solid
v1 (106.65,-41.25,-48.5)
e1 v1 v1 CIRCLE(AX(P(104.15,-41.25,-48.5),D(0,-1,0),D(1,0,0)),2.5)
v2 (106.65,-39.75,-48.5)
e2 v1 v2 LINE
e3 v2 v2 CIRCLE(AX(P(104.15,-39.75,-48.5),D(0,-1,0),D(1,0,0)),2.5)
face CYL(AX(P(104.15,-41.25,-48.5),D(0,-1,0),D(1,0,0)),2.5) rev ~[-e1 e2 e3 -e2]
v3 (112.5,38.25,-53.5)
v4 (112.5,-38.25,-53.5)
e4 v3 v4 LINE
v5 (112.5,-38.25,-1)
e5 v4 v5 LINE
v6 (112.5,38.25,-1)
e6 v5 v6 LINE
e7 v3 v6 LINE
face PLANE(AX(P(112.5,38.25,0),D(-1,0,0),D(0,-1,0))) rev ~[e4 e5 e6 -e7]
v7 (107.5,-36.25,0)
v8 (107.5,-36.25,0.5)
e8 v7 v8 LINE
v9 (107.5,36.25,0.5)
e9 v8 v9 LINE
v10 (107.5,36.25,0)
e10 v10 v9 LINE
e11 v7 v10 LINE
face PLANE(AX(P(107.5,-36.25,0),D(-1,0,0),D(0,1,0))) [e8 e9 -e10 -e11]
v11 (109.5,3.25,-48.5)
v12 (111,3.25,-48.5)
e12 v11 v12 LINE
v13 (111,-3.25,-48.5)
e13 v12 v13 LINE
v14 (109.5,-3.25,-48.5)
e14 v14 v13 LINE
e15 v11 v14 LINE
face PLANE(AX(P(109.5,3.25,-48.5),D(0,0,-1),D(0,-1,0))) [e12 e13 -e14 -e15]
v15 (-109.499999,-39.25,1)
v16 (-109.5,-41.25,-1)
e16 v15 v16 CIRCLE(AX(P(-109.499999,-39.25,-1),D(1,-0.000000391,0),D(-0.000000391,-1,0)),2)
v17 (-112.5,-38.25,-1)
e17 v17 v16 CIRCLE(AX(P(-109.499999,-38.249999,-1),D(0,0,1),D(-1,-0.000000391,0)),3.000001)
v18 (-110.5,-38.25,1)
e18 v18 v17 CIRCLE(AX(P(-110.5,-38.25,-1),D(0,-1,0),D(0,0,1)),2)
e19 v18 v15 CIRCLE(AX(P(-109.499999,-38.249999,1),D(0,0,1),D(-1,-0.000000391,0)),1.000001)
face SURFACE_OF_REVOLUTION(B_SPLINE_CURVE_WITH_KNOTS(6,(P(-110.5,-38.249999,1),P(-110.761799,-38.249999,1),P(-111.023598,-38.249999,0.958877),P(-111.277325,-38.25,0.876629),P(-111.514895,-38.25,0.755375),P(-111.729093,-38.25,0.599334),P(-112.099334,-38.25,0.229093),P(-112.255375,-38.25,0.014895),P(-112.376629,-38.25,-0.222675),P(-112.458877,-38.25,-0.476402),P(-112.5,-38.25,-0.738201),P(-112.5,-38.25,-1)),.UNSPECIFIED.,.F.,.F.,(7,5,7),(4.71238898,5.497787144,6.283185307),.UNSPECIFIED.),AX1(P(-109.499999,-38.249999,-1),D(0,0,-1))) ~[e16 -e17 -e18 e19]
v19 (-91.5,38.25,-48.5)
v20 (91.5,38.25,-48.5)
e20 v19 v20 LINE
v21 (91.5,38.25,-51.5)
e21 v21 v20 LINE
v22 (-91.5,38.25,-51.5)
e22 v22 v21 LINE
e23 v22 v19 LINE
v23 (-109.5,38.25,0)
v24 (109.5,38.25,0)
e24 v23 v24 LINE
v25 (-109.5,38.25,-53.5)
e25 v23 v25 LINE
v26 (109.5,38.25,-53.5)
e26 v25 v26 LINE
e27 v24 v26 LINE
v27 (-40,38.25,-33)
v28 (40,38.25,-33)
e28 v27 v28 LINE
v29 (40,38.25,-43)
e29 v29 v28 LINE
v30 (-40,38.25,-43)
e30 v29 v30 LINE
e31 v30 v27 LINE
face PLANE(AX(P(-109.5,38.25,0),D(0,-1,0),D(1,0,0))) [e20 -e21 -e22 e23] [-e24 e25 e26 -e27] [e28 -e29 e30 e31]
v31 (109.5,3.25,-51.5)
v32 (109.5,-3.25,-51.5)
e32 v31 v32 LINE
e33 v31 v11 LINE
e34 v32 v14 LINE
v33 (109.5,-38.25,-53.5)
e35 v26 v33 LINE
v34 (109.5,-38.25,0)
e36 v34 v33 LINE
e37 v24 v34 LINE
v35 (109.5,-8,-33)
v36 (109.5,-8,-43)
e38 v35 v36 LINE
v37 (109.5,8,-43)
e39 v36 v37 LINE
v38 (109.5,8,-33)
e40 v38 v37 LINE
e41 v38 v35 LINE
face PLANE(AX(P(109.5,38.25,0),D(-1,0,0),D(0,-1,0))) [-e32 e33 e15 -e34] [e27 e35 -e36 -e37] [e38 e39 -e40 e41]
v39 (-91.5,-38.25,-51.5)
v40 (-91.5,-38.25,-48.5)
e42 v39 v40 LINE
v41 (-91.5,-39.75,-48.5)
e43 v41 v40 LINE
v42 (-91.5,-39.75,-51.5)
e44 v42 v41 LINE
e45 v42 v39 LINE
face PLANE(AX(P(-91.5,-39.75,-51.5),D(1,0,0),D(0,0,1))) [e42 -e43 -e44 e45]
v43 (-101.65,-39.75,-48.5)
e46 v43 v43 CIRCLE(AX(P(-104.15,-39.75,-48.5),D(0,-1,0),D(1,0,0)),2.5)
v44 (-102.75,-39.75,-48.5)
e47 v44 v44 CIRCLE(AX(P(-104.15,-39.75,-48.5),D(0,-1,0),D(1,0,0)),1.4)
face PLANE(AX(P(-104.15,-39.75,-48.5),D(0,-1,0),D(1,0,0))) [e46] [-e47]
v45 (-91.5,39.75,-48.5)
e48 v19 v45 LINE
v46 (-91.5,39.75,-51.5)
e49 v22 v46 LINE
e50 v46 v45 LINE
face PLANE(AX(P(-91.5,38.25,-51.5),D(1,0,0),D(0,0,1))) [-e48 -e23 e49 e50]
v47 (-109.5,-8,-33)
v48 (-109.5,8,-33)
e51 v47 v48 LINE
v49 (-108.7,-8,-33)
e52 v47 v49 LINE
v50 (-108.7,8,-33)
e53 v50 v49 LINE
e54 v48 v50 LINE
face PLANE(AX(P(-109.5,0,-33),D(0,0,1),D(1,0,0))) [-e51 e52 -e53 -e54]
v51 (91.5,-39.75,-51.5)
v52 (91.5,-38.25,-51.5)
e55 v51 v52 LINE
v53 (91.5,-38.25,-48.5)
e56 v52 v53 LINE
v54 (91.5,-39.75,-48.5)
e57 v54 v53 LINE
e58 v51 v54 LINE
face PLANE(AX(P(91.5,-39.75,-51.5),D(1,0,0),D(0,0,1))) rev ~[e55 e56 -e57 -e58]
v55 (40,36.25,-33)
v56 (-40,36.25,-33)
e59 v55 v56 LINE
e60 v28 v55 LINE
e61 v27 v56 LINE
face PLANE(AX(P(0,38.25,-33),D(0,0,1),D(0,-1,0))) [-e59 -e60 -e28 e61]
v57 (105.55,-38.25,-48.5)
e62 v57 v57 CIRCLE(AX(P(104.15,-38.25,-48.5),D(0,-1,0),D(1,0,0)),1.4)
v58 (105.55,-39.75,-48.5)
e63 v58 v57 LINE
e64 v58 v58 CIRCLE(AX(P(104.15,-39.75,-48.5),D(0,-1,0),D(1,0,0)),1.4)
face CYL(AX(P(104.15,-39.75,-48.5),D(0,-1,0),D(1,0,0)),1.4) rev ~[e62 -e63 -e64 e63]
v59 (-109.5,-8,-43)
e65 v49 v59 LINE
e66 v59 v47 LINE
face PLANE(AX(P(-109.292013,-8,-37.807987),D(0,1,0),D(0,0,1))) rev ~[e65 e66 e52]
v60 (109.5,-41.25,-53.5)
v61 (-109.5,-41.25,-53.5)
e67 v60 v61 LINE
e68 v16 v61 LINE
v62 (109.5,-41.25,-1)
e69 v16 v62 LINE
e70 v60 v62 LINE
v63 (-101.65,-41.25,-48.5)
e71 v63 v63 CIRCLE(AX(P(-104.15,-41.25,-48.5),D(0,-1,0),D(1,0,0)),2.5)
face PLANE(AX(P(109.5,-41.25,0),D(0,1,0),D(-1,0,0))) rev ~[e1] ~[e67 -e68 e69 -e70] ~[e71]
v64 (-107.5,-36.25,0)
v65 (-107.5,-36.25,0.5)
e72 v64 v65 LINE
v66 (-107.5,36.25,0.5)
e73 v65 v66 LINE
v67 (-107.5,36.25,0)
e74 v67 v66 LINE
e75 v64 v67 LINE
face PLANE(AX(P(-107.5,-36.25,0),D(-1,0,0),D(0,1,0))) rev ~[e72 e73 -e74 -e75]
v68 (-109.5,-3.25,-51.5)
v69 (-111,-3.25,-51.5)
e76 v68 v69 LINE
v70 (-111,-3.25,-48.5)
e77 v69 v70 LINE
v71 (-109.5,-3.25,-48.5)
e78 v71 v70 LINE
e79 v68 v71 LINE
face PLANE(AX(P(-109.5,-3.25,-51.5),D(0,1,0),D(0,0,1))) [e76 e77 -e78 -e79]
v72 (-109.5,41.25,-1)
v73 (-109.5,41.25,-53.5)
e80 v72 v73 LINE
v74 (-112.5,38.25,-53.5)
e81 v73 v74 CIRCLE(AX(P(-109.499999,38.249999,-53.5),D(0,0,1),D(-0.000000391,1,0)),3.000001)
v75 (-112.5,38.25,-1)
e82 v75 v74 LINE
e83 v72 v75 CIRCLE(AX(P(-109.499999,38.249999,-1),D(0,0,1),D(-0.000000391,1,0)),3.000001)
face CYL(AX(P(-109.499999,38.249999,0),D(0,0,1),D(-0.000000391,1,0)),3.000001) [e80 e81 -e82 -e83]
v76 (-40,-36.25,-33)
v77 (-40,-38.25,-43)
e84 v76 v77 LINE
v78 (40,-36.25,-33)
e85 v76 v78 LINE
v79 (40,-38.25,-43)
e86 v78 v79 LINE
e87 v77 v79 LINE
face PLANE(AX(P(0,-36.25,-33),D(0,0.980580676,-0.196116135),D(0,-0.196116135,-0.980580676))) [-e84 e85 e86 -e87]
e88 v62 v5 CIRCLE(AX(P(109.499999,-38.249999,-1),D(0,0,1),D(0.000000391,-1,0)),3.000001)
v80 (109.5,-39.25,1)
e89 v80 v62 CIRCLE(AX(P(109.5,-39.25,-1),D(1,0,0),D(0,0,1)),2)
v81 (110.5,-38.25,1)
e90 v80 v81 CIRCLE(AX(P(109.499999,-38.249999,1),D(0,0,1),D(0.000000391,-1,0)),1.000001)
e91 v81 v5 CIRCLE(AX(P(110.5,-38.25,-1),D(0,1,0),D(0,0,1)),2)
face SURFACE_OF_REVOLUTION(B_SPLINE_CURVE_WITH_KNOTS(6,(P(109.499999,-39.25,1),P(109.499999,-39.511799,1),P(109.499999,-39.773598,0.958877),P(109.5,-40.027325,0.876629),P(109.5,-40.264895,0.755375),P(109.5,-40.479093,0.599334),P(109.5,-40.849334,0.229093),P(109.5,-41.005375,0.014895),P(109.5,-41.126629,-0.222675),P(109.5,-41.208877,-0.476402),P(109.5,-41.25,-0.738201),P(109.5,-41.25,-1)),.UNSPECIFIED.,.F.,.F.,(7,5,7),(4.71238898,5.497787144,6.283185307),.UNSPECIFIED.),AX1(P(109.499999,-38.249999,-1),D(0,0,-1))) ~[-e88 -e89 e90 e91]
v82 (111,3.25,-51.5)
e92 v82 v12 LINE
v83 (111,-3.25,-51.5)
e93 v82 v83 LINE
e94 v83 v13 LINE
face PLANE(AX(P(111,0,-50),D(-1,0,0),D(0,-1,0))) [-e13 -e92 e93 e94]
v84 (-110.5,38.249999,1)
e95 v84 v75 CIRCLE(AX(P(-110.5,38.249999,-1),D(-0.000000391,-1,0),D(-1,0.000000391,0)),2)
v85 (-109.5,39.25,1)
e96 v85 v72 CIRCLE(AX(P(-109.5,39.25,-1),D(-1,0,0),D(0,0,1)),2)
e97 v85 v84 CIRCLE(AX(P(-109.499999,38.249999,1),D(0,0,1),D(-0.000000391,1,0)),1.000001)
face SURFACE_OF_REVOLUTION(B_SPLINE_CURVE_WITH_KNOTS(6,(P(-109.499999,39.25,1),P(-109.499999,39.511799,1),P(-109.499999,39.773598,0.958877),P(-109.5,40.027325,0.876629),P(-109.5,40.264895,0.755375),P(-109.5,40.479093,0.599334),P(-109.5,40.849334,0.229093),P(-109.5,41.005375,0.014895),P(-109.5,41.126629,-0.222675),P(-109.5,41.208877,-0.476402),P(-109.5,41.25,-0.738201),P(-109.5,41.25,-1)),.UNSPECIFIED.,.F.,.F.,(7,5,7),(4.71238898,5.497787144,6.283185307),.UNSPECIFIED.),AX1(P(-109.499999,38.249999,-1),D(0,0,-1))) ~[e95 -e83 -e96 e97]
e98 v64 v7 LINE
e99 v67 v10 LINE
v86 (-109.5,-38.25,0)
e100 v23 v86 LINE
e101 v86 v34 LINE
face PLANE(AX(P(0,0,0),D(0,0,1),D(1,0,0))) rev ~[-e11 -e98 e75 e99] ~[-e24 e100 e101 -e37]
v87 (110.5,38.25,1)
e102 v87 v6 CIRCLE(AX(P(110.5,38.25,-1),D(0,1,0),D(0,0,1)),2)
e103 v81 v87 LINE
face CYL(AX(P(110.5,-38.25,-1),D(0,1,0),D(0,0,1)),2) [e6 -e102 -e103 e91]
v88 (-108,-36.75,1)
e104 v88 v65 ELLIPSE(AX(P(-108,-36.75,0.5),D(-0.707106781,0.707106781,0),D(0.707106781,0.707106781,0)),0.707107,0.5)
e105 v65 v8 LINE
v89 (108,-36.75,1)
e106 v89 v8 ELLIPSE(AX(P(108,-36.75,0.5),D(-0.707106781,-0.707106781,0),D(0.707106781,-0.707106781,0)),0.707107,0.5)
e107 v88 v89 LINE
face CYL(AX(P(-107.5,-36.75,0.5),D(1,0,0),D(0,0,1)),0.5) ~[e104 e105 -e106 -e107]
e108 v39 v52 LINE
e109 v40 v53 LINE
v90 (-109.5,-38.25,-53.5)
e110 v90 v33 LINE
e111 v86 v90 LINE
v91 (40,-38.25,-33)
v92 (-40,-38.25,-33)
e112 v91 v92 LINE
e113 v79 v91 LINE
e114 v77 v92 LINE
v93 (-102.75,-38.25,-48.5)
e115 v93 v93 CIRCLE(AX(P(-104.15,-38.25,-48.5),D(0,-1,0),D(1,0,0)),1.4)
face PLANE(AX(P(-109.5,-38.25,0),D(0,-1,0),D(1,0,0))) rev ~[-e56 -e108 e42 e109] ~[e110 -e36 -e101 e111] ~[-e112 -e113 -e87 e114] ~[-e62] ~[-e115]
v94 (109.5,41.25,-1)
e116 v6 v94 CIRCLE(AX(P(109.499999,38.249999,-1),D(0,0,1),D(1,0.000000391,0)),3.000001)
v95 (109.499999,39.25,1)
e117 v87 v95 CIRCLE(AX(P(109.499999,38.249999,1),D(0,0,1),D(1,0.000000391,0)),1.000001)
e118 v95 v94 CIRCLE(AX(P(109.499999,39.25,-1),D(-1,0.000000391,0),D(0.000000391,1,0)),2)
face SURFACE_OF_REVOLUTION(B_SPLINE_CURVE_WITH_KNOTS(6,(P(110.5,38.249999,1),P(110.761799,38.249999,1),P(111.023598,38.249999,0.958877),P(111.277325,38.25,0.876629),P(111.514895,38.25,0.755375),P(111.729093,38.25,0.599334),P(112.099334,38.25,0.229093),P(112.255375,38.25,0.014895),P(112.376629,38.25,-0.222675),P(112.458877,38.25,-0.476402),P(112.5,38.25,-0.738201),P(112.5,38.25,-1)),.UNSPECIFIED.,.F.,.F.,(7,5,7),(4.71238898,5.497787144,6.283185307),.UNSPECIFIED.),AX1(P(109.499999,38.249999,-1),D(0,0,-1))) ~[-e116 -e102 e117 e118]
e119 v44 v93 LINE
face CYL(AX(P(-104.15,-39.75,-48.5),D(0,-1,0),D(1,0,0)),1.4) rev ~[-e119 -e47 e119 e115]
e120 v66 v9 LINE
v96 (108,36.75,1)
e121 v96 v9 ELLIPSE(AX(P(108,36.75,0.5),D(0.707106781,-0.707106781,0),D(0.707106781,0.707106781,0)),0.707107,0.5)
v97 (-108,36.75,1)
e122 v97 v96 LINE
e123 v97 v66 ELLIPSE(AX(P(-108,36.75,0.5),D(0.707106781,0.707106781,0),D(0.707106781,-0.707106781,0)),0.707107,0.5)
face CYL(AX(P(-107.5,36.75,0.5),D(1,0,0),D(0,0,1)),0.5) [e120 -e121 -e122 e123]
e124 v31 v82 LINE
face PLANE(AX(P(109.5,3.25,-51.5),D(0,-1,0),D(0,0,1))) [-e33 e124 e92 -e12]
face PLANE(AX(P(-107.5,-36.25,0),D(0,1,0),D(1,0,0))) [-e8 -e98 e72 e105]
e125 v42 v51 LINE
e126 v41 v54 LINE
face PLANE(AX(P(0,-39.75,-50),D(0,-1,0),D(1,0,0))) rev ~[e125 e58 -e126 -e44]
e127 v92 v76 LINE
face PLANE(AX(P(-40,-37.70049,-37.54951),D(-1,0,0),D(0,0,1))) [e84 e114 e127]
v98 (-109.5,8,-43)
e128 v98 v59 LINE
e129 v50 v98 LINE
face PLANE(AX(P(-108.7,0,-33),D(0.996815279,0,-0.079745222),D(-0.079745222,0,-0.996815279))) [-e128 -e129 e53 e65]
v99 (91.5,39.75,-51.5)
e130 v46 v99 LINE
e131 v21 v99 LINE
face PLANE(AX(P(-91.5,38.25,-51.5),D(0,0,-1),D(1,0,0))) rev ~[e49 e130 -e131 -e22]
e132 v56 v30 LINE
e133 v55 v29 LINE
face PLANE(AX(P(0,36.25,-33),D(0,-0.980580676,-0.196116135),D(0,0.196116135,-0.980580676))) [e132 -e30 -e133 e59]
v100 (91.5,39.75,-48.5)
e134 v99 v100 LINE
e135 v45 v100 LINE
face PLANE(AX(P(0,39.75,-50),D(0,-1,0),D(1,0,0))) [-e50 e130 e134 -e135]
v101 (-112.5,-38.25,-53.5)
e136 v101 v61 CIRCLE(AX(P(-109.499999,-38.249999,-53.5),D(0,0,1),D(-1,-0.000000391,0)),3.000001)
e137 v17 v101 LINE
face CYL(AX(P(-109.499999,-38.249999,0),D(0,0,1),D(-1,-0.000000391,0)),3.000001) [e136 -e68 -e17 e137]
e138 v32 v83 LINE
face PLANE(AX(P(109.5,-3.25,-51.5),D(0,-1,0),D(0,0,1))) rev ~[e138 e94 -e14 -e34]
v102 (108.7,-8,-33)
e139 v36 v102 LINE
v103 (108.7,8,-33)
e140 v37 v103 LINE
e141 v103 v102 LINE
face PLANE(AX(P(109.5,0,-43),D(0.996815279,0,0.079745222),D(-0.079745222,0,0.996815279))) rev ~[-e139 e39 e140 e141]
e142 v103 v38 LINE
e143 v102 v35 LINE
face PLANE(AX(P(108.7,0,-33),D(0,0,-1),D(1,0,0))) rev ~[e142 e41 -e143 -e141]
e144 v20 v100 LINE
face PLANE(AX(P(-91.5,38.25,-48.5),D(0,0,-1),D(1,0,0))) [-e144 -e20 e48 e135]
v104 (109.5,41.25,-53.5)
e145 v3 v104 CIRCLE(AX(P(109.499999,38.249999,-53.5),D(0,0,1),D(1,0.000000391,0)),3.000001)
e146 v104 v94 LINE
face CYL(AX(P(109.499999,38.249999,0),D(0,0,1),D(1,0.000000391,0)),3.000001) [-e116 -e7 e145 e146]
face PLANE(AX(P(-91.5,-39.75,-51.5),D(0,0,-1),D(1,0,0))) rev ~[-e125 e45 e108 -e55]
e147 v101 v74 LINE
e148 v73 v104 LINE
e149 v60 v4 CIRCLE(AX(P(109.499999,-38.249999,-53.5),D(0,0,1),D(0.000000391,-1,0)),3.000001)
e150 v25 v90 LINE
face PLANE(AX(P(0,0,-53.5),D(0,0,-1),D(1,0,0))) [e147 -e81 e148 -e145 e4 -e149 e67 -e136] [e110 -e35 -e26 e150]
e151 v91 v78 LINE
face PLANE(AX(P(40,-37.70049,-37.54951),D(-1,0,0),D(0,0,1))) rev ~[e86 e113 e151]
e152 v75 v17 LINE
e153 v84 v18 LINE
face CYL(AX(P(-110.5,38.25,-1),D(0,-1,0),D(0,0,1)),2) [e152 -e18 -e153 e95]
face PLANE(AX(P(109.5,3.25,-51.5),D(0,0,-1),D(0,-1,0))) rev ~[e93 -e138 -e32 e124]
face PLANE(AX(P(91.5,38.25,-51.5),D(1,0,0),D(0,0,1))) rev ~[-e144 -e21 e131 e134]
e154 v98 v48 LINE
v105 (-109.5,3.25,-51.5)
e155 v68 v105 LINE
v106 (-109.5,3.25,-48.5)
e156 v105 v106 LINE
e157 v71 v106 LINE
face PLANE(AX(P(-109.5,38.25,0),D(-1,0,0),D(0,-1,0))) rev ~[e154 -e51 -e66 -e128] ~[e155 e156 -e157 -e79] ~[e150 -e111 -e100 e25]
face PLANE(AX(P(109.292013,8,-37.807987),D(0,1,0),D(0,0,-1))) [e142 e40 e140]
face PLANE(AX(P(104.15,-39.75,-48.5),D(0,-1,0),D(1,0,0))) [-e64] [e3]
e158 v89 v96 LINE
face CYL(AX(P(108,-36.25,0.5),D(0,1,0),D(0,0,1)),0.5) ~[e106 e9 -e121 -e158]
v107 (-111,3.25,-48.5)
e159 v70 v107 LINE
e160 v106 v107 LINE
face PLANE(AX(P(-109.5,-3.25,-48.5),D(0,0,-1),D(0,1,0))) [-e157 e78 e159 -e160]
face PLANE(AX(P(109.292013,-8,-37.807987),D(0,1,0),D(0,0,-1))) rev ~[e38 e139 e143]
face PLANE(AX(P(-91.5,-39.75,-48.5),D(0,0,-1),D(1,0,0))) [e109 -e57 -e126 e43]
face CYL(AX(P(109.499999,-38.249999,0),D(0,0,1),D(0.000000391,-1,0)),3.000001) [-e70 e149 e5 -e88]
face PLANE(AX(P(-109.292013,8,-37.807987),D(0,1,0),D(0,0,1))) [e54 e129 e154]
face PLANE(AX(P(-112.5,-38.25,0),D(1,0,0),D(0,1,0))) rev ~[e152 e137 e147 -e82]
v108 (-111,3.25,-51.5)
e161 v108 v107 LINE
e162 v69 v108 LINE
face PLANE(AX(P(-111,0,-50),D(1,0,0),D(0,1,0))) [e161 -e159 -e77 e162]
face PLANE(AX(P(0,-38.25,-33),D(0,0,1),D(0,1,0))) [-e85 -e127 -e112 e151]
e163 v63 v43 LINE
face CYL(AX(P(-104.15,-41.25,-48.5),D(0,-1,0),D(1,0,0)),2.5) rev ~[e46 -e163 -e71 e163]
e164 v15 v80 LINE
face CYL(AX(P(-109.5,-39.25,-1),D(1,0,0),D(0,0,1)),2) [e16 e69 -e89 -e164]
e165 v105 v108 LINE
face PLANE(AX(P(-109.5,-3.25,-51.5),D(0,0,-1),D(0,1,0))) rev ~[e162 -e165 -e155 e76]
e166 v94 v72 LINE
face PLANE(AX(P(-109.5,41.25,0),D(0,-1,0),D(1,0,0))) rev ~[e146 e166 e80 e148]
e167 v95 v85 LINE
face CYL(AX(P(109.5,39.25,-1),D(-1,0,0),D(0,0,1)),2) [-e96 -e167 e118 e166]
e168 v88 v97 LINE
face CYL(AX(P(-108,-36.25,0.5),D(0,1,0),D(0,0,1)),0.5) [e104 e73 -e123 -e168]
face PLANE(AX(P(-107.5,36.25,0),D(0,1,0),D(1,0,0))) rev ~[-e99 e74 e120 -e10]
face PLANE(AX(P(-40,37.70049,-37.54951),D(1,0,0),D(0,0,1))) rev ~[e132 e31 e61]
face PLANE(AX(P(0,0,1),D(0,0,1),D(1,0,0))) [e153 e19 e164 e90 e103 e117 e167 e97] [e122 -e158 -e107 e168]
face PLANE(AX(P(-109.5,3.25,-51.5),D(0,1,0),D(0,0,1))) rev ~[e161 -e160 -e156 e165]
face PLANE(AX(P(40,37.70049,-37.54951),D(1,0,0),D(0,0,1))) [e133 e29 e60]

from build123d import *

# Parameters (mm, degrees)
SKETCH_W        = 215
SKETCH_H        = 72.5
PAD_DEPTH       = 1
SKETCH001_W     = 219
SKETCH001_H     = 76.5
PAD001_DEPTH    = 53.5
FILLET_R        = 2
FILLET001_R     = 0.5
PAD007_DEPTH    = 40
PAD008_DEPTH    = 40
PAD009_DEPTH    = 8
PAD010_DEPTH    = 8
SKETCH034_W     = 183
SKETCH034_H     = 3
POCKET011_DEPTH = 1.5
SKETCH035_R     = 2.5
POCKET012_DEPTH = 1.5
SKETCH036_R     = 1.4
SKETCH036_W     = 183
SKETCH036_H     = 3
POCKET013_DEPTH = 5
SKETCH043_W     = 6.5
SKETCH043_H     = 3
POCKET016_DEPTH = 1.5
SKETCH044_W     = 6.5
SKETCH044_H     = 3
POCKET017_DEPTH = 1.5


with BuildPart() as part:
    # Sketch → Pad (new body)
    with BuildSketch(Plane.XY):
        with BuildLine():
            Line((-112.5, 38.25), (-112.5, -38.25))
            ThreePointArc((-109.5, -41.25), (-111.62132, -40.37132), (-112.5, -38.25))
            Line((-109.5, -41.25), (109.5, -41.25))
            ThreePointArc((112.5, -38.25), (111.62132, -40.37132), (109.5, -41.25))
            Line((112.5, -38.25), (112.5, 38.25))
            ThreePointArc((109.5, 41.25), (111.62132, 40.37132), (112.5, 38.25))
            Line((109.5, 41.25), (-109.5, 41.25))
            ThreePointArc((-112.5, 38.25), (-111.62132, 40.37132), (-109.5, 41.25))
        make_face()
        Rectangle(SKETCH_W, SKETCH_H, mode=Mode.SUBTRACT)
    extrude(amount=PAD_DEPTH)

    # Sketch001 (on Face13 of Pad) → Pad001 (join)
    with BuildSketch(Plane(origin=(0, 0, 0), x_dir=(1, 0, 0), z_dir=(0, 0, -1))):
        with BuildLine():
            Line((109.5, 41.25), (-109.5, 41.25))
            ThreePointArc((-112.5, 38.25), (-111.62132, 40.37132), (-109.5, 41.25))
            Line((-112.5, 38.25), (-112.5, -38.25))
            ThreePointArc((-109.5, -41.25), (-111.62132, -40.37132), (-112.5, -38.25))
            Line((-109.5, -41.25), (109.5, -41.25))
            ThreePointArc((112.5, -38.25), (111.62132, -40.37132), (109.5, -41.25))
            Line((112.5, -38.25), (112.5, 38.25))
            ThreePointArc((109.5, 41.25), (111.62132, 40.37132), (112.5, 38.25))
        make_face()
        Rectangle(SKETCH001_W, SKETCH001_H, mode=Mode.SUBTRACT)
    extrude(amount=PAD001_DEPTH)

    # Fillet
    fillet_edges = [part.edges().sort_by_distance(p)[0] for p in [
        (112.5, 0, 1),
        (111.62132, -40.37132, 1),
        (0, -41.25, 1),
        (111.62132, 40.37132, 1),
        (0, 41.25, 1),
        (-111.62132, 40.37132, 1),
        (-112.5, 0, 1),
        (-111.62132, -40.37132, 1),
    ]]
    fillet(fillet_edges, radius=FILLET_R)

    # Fillet001
    fillet001_edges = [part.edges().sort_by_distance(p)[0] for p in [
        (0, -36.25, 1),
        (107.5, 0, 1),
        (0, 36.25, 1),
        (-107.5, 0, 1),
    ]]
    fillet(fillet001_edges, radius=FILLET001_R)

    # Sketch008 (on DatumPlane) → Pad007 (join, symmetric)
    with BuildSketch(Plane(origin=(0, 38.25, 0), x_dir=(0, 0, 1), z_dir=(1, 0, 0))):
        Polygon((-43, 0), (-33, 0), (-33, 2), align=None)
    extrude(amount=PAD007_DEPTH, both=True)

    # Sketch010 (on DatumPlane) → Pad008 (join, symmetric)
    with BuildSketch(Plane(origin=(0, -38.25, 0), x_dir=(0, 0, 1), z_dir=(-1, 0, 0))):
        Polygon((-43, 0), (-33, 0), (-33, 2), align=None)
    extrude(amount=PAD008_DEPTH, both=True)

    # Sketch012 (on DatumPlane) → Pad009 (join, symmetric)
    with BuildSketch(Plane(origin=(-109.5, 0, 0), x_dir=(0, 0, 1), z_dir=(0, 1, 0))):
        Polygon((-43, 0), (-33, 0), (-33, 0.8), align=None)
    extrude(amount=PAD009_DEPTH, both=True)

    # Sketch014 (on DatumPlane) → Pad010 (join, symmetric)
    with BuildSketch(Plane(origin=(109.5, 0, 0), x_dir=(0, 0, 1), z_dir=(0, -1, 0))):
        Polygon((-33, 0), (-43, 0), (-33, 0.8), align=None)
    extrude(amount=PAD010_DEPTH, both=True)

    # Sketch034 (on Face29 of Pad010) → Pocket011 (cut)
    with BuildSketch(Plane.XZ.offset(-38.25)):
        with Locations((0, -50)):
            Rectangle(SKETCH034_W, SKETCH034_H)
    extrude(amount=-POCKET011_DEPTH, mode=Mode.SUBTRACT)

    # Sketch035 (on Face21 of Pocket011) → Pocket012 (cut)
    with BuildSketch(Plane.XZ.offset(41.25)):
        with Locations((104.15, -48.5)):
            Circle(SKETCH035_R)
        with Locations((-104.15, -48.5)):
            Circle(SKETCH035_R)
    extrude(amount=-POCKET012_DEPTH, mode=Mode.SUBTRACT)

    # Sketch036 (on Face35 of Pocket012) → Pocket013 (cut)
    with BuildSketch(Plane.XZ.offset(39.75)):
        with Locations((104.15, -48.5)):
            Circle(SKETCH036_R)
        with Locations((-104.15, -48.5)):
            Circle(SKETCH036_R)
        with Locations((0, -50)):
            Rectangle(SKETCH036_W, SKETCH036_H)
    extrude(amount=-POCKET013_DEPTH, mode=Mode.SUBTRACT)

    # Sketch043 (on Face32 of Pocket013) → Pocket016 (cut)
    with BuildSketch(Plane(origin=(109.5, 0, 0), x_dir=(0, -1, 0), z_dir=(-1, 0, 0))):
        with Locations((0, -50)):
            Rectangle(SKETCH043_W, SKETCH043_H)
    extrude(amount=-POCKET016_DEPTH, mode=Mode.SUBTRACT)

    # Sketch044 (on Face30 of Pocket016) → Pocket017 (cut)
    with BuildSketch(Plane.YZ.offset(-109.5)):
        with Locations((0, -50)):
            Rectangle(SKETCH044_W, SKETCH044_H)
    extrude(amount=-POCKET017_DEPTH, mode=Mode.SUBTRACT)


solid = part.part
